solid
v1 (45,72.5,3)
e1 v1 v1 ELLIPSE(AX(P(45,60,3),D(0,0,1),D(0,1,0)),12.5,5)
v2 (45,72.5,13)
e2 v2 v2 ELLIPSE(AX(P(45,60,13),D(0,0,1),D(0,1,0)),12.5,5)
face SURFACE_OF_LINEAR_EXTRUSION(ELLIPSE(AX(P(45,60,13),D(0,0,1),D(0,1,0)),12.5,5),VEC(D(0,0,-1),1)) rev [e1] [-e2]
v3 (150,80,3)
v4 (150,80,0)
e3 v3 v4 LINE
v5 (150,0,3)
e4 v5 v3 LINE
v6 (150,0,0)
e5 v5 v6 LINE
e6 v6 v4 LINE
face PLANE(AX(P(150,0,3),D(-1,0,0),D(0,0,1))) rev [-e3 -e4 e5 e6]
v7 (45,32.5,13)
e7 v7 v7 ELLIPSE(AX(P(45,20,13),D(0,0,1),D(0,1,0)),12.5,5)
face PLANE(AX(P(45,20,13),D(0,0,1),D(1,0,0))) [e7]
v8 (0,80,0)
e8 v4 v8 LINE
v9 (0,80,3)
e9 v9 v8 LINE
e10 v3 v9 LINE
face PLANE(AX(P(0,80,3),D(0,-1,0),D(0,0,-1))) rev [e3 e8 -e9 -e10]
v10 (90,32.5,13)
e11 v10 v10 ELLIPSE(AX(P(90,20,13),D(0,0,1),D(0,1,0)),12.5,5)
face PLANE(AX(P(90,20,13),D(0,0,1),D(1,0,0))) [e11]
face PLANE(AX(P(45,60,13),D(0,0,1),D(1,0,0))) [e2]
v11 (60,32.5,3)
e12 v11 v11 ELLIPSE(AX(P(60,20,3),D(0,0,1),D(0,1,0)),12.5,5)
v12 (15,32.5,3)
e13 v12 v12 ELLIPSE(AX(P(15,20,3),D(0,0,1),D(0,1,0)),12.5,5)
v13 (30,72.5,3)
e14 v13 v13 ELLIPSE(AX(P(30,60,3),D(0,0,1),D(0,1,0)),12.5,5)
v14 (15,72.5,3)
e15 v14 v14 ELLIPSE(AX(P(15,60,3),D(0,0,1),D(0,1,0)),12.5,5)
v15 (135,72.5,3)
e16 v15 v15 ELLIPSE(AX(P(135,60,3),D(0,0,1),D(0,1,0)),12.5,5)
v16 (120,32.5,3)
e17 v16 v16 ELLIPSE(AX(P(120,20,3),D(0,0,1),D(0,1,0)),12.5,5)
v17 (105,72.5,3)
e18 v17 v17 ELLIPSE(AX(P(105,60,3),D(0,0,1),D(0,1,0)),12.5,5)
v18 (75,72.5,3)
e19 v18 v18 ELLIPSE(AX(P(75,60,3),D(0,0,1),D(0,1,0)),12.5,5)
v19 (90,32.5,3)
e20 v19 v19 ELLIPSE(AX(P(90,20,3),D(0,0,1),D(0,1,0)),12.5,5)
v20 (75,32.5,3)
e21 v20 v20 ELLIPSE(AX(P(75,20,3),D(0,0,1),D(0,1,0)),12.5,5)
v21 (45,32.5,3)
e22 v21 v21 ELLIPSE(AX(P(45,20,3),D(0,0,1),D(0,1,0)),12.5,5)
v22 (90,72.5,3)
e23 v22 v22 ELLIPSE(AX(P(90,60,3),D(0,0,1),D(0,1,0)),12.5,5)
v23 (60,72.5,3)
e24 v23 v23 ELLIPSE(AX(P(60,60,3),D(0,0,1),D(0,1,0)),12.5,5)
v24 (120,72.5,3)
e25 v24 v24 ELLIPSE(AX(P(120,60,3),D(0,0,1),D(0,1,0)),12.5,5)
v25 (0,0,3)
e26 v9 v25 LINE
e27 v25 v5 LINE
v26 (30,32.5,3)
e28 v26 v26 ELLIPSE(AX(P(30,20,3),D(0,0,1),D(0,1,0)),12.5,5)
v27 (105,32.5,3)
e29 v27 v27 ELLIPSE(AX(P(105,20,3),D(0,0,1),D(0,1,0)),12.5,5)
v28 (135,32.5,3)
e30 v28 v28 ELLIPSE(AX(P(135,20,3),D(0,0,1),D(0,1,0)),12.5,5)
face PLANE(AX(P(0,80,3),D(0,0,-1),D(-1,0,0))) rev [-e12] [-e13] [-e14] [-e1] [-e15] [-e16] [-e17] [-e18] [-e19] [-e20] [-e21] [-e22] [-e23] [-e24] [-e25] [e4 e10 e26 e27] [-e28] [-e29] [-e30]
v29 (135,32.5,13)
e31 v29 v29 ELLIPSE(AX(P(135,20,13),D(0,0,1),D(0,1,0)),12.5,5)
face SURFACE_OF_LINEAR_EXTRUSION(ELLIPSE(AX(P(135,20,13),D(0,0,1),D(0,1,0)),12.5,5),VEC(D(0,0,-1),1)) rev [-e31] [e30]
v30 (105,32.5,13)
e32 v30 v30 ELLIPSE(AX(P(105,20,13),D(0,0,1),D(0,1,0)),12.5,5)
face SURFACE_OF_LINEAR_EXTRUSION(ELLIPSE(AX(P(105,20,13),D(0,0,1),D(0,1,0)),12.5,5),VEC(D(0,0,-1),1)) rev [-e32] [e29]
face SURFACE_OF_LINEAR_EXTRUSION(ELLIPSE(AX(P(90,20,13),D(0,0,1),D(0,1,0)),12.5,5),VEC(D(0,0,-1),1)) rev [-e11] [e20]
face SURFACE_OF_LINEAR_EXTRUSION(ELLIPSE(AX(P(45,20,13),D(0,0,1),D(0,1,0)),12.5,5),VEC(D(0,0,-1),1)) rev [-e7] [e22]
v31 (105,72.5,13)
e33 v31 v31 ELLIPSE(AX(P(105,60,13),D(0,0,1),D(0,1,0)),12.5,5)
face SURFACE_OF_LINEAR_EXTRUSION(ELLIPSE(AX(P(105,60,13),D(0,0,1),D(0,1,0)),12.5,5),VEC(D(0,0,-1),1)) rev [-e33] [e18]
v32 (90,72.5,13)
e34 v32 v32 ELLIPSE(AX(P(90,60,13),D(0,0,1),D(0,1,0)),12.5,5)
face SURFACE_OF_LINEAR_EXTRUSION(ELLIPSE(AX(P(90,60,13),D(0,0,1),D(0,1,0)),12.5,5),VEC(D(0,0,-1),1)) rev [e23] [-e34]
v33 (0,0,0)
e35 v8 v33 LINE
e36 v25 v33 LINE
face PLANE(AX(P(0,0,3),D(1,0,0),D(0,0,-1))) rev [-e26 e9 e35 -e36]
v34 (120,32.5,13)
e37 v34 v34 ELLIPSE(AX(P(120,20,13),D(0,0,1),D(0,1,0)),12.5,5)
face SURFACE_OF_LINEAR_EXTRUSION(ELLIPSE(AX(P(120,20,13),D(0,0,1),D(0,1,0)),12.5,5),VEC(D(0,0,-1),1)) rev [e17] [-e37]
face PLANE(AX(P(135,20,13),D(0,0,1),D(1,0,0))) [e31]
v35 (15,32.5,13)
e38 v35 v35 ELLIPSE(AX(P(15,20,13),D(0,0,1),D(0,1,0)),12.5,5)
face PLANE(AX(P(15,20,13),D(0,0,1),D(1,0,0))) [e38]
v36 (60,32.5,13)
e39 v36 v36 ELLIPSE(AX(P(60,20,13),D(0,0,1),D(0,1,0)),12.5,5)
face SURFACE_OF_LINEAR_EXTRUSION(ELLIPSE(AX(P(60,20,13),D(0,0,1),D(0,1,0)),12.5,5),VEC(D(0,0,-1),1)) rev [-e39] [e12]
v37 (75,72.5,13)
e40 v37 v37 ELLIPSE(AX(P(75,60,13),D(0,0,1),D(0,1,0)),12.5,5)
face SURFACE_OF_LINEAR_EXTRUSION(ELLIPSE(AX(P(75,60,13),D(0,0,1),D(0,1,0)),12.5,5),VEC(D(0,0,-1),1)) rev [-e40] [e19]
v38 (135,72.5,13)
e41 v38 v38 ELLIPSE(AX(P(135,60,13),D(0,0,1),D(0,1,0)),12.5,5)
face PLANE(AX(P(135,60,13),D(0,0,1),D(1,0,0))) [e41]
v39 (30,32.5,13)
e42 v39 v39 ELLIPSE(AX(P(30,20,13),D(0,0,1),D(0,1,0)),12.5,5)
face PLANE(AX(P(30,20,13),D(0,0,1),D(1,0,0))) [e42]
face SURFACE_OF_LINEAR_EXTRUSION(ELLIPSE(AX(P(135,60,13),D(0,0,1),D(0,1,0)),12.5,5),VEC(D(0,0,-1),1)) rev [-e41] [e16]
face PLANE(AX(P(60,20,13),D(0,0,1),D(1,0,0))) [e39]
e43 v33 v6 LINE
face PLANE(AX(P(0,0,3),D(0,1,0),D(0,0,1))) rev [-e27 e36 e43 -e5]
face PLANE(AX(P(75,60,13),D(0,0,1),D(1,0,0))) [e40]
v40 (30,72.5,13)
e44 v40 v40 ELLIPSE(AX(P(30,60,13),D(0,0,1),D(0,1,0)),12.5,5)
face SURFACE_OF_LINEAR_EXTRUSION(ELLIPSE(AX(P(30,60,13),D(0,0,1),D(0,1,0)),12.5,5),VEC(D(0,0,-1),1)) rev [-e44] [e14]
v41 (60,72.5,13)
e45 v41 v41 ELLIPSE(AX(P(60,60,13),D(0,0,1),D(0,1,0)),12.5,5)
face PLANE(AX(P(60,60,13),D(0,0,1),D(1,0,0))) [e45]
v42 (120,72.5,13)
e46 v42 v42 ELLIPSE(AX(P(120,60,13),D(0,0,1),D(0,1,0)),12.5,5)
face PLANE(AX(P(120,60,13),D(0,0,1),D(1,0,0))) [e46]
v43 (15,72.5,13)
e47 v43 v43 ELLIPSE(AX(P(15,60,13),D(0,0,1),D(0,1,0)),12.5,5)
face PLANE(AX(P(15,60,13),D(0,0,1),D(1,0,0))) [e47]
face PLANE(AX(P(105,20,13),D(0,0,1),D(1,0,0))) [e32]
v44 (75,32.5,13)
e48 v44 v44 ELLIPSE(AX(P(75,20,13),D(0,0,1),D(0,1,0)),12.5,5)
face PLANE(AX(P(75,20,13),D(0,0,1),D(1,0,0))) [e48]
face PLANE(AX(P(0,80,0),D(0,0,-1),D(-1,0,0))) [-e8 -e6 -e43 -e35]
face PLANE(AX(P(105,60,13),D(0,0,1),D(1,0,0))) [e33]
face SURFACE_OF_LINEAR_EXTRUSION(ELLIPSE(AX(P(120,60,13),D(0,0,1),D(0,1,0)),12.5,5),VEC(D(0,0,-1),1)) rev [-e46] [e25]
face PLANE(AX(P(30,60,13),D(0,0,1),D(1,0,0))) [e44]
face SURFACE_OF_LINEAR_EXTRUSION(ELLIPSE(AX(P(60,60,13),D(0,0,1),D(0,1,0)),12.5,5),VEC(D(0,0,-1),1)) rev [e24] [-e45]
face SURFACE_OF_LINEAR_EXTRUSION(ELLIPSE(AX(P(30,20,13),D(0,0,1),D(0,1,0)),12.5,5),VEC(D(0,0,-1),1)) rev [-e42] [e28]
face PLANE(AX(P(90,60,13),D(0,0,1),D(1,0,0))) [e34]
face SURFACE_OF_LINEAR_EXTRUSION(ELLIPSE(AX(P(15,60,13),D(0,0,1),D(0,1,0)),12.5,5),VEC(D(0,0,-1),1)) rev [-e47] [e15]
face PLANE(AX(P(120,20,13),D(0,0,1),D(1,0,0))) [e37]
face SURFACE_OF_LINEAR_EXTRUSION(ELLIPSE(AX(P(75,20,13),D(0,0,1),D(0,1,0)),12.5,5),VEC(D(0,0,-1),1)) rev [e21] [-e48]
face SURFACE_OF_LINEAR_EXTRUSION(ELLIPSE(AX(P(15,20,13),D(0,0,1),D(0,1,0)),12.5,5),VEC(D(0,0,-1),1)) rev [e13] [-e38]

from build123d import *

# Parameters (mm, degrees)
SKICA1_W            = 150
SKICA1_H            = 80
VYSUNOUT1_DEPTH     = 3
SKICA2_RX           = 12.5
SKICA2_RY           = 5
VYSUNOUT2_DEPTH     = 10
LINPOLE1_COUNT      = 9
LINPOLE1_PITCH      = 15
LINPOLE1_COUNT_DIR2 = 2
LINPOLE1_PITCH_DIR2 = 40


with BuildPart() as part:
    # Skica1 → Vysunout1 (new body)
    with BuildSketch(Plane.XY):
        with Locations((75, 40)):
            Rectangle(SKICA1_W, SKICA1_H)
    extrude(amount=VYSUNOUT1_DEPTH)

    # Skica2 → Vysunout2 (add)
    with BuildSketch(Plane.XY.offset(3)):
        with Locations(Location((15, 60), (0, 0, 90))):
            Ellipse(SKICA2_RX, SKICA2_RY)
    vysunout2 = extrude(amount=VYSUNOUT2_DEPTH)

    # LinPole1: Vysunout2 9 × 2
    with Locations(*[(i * LINPOLE1_PITCH, -j * LINPOLE1_PITCH_DIR2, 0) for i in range(LINPOLE1_COUNT) for j in range(LINPOLE1_COUNT_DIR2) if (i, j) != (0, 0)]):
        add(vysunout2)


solid = part.part
